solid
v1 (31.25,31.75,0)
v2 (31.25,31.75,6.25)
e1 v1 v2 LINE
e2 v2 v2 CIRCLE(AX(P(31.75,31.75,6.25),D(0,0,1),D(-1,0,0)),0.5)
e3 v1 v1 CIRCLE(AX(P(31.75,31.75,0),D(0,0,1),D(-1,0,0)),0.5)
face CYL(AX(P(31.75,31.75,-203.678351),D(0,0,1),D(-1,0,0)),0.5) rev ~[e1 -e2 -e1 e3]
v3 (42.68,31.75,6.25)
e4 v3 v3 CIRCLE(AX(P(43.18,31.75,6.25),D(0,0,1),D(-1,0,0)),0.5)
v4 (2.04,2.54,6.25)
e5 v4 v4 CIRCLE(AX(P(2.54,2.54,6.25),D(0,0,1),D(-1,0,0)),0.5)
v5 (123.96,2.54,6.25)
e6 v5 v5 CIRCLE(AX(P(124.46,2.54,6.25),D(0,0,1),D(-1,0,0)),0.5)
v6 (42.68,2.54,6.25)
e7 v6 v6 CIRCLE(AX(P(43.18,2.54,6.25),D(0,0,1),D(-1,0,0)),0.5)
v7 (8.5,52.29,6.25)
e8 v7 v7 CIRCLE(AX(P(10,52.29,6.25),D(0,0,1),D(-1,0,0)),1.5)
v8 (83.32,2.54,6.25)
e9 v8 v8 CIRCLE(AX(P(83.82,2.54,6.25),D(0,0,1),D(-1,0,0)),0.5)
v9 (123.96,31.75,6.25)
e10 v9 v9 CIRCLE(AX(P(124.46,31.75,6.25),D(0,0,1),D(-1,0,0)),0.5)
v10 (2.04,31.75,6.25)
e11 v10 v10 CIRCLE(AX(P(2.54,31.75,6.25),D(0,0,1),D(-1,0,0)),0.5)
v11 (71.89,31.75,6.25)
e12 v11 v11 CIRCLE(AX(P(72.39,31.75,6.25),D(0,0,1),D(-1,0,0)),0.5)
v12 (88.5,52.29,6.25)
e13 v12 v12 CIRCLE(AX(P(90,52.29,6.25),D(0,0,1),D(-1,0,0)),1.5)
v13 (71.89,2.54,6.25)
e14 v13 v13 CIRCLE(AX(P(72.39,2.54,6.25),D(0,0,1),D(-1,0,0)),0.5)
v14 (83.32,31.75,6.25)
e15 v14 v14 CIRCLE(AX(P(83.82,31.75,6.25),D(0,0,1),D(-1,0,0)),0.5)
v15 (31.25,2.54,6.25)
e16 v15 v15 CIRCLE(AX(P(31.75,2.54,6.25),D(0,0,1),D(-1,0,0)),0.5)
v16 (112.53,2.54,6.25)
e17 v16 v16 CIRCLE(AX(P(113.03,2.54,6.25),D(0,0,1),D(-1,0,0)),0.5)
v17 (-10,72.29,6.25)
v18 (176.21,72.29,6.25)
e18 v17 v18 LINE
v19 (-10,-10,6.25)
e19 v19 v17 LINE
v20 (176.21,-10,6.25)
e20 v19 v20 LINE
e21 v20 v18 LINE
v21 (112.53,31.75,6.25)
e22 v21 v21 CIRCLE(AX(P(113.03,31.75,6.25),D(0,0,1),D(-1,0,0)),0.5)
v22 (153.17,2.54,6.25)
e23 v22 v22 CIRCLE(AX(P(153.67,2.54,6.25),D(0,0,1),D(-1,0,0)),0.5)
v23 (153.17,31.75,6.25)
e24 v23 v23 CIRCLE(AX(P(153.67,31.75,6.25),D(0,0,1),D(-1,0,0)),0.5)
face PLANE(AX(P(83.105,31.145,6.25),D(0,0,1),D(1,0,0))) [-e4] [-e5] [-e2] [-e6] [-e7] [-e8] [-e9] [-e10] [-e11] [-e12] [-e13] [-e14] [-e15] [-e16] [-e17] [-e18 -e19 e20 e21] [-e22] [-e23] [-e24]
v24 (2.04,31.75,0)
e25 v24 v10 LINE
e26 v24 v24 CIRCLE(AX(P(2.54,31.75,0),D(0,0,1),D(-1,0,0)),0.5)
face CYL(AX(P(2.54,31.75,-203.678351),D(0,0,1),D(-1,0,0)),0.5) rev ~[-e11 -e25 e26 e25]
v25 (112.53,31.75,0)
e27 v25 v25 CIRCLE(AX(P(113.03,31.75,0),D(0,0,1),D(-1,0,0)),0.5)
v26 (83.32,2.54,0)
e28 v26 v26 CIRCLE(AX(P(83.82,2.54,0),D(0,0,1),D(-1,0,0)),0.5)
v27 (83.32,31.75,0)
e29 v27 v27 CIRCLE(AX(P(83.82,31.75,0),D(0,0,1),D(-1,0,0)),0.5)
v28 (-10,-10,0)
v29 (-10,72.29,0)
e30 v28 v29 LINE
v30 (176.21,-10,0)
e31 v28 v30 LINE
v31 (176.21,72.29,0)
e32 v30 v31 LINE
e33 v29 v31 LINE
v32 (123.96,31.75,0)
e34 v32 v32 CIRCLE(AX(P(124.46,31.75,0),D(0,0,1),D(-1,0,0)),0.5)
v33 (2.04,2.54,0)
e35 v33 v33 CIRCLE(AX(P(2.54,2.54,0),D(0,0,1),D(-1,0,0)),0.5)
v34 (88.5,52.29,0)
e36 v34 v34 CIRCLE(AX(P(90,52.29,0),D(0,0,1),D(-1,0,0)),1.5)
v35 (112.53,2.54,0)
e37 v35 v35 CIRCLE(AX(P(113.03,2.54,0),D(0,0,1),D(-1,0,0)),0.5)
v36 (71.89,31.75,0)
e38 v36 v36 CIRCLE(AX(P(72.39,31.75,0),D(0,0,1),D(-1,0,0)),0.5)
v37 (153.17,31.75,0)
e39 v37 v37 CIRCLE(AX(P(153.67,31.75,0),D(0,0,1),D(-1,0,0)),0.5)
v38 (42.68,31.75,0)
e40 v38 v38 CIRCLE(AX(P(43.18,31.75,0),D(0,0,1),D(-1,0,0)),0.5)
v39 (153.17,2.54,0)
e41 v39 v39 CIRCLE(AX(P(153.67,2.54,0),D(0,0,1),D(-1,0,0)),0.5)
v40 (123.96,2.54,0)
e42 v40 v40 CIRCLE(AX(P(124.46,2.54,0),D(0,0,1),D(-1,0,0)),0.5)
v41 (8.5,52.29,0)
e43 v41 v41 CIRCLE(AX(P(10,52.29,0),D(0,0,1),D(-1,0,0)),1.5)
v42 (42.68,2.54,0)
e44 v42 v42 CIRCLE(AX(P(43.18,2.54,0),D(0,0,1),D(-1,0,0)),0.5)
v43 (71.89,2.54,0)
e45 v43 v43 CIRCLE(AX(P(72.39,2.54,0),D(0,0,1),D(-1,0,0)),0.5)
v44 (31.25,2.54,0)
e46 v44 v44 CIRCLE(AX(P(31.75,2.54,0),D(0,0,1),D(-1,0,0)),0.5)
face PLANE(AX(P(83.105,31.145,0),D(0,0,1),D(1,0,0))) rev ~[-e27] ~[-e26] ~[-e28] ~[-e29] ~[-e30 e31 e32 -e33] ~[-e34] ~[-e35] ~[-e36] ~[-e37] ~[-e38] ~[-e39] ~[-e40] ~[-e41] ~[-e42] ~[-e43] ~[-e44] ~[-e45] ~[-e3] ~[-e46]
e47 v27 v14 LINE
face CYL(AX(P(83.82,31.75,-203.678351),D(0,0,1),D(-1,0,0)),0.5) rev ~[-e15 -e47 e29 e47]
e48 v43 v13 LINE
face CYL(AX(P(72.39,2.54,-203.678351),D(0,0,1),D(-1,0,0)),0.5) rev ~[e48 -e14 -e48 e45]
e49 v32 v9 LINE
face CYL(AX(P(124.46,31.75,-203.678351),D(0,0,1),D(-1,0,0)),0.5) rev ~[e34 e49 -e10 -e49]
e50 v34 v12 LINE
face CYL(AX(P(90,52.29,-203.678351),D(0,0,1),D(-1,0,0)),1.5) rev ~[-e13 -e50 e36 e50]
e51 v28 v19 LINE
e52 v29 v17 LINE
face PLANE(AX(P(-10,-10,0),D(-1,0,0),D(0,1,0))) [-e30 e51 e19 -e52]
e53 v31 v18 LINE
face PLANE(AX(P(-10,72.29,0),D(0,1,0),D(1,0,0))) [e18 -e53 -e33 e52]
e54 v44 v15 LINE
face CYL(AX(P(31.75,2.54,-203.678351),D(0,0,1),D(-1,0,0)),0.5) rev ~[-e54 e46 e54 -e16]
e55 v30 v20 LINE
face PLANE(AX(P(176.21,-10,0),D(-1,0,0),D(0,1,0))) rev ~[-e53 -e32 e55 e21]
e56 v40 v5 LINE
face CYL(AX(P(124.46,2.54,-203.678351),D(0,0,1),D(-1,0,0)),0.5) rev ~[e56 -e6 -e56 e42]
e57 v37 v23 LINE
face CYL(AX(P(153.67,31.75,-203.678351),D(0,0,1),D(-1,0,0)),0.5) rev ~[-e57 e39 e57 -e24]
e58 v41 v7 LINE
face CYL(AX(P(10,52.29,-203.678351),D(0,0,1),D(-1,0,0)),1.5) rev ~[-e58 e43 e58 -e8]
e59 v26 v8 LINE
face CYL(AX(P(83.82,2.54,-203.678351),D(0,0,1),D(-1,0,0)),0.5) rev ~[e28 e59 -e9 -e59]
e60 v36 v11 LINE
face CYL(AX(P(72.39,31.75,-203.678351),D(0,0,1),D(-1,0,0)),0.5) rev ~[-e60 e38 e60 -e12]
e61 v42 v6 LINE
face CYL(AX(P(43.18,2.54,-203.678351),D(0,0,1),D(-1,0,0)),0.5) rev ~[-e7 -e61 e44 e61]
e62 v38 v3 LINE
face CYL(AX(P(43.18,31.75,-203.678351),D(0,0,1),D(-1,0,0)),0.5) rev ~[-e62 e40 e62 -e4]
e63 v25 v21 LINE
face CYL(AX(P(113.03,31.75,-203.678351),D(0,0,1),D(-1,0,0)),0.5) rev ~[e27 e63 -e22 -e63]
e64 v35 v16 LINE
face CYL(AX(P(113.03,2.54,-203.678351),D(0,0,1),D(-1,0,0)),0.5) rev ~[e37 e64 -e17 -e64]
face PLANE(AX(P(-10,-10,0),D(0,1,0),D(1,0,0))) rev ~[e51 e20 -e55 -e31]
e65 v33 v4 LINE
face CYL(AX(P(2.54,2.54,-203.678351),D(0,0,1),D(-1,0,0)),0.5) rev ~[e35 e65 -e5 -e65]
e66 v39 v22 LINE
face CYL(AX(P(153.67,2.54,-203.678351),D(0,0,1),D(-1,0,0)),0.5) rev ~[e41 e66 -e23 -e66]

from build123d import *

# Parameters (mm, degrees)
F0_W     = 186.21
F0_H     = 82.29
F1_DEPTH = 6.25
F2_D     = 1
F3_D     = 3


with BuildPart() as f1:
    # F0 (on Top) → F1 (new body)
    with BuildSketch(Plane.XY):
        with Locations((83.105, 31.145)):
            Rectangle(F0_W, F0_H)
    extrude(amount=F1_DEPTH)

    # F2 (through all)
    with Locations(Plane(origin=(0, 0, 0), x_dir=(1, 0, 0), z_dir=(0, 0, -1))):
        with Locations((2.54, -2.54), (2.54, -31.75), (31.75, -31.75), (31.75, -2.54), (43.18, -2.54), (43.18, -31.75), (72.39, -31.75), (72.39, -2.54), (83.82, -2.54), (83.82, -31.75), (113.03, -31.75), (113.03, -2.54), (124.46, -2.54), (124.46, -31.75), (153.67, -31.75), (153.67, -2.54)):
            Hole(F2_D / 2)

    # F3 (through all)
    with Locations(Plane(origin=(0, 0, 0), x_dir=(1, 0, 0), z_dir=(0, 0, -1))):
        with Locations((10, -52.29), (90, -52.29)):
            Hole(F3_D / 2)


solid = f1.part
